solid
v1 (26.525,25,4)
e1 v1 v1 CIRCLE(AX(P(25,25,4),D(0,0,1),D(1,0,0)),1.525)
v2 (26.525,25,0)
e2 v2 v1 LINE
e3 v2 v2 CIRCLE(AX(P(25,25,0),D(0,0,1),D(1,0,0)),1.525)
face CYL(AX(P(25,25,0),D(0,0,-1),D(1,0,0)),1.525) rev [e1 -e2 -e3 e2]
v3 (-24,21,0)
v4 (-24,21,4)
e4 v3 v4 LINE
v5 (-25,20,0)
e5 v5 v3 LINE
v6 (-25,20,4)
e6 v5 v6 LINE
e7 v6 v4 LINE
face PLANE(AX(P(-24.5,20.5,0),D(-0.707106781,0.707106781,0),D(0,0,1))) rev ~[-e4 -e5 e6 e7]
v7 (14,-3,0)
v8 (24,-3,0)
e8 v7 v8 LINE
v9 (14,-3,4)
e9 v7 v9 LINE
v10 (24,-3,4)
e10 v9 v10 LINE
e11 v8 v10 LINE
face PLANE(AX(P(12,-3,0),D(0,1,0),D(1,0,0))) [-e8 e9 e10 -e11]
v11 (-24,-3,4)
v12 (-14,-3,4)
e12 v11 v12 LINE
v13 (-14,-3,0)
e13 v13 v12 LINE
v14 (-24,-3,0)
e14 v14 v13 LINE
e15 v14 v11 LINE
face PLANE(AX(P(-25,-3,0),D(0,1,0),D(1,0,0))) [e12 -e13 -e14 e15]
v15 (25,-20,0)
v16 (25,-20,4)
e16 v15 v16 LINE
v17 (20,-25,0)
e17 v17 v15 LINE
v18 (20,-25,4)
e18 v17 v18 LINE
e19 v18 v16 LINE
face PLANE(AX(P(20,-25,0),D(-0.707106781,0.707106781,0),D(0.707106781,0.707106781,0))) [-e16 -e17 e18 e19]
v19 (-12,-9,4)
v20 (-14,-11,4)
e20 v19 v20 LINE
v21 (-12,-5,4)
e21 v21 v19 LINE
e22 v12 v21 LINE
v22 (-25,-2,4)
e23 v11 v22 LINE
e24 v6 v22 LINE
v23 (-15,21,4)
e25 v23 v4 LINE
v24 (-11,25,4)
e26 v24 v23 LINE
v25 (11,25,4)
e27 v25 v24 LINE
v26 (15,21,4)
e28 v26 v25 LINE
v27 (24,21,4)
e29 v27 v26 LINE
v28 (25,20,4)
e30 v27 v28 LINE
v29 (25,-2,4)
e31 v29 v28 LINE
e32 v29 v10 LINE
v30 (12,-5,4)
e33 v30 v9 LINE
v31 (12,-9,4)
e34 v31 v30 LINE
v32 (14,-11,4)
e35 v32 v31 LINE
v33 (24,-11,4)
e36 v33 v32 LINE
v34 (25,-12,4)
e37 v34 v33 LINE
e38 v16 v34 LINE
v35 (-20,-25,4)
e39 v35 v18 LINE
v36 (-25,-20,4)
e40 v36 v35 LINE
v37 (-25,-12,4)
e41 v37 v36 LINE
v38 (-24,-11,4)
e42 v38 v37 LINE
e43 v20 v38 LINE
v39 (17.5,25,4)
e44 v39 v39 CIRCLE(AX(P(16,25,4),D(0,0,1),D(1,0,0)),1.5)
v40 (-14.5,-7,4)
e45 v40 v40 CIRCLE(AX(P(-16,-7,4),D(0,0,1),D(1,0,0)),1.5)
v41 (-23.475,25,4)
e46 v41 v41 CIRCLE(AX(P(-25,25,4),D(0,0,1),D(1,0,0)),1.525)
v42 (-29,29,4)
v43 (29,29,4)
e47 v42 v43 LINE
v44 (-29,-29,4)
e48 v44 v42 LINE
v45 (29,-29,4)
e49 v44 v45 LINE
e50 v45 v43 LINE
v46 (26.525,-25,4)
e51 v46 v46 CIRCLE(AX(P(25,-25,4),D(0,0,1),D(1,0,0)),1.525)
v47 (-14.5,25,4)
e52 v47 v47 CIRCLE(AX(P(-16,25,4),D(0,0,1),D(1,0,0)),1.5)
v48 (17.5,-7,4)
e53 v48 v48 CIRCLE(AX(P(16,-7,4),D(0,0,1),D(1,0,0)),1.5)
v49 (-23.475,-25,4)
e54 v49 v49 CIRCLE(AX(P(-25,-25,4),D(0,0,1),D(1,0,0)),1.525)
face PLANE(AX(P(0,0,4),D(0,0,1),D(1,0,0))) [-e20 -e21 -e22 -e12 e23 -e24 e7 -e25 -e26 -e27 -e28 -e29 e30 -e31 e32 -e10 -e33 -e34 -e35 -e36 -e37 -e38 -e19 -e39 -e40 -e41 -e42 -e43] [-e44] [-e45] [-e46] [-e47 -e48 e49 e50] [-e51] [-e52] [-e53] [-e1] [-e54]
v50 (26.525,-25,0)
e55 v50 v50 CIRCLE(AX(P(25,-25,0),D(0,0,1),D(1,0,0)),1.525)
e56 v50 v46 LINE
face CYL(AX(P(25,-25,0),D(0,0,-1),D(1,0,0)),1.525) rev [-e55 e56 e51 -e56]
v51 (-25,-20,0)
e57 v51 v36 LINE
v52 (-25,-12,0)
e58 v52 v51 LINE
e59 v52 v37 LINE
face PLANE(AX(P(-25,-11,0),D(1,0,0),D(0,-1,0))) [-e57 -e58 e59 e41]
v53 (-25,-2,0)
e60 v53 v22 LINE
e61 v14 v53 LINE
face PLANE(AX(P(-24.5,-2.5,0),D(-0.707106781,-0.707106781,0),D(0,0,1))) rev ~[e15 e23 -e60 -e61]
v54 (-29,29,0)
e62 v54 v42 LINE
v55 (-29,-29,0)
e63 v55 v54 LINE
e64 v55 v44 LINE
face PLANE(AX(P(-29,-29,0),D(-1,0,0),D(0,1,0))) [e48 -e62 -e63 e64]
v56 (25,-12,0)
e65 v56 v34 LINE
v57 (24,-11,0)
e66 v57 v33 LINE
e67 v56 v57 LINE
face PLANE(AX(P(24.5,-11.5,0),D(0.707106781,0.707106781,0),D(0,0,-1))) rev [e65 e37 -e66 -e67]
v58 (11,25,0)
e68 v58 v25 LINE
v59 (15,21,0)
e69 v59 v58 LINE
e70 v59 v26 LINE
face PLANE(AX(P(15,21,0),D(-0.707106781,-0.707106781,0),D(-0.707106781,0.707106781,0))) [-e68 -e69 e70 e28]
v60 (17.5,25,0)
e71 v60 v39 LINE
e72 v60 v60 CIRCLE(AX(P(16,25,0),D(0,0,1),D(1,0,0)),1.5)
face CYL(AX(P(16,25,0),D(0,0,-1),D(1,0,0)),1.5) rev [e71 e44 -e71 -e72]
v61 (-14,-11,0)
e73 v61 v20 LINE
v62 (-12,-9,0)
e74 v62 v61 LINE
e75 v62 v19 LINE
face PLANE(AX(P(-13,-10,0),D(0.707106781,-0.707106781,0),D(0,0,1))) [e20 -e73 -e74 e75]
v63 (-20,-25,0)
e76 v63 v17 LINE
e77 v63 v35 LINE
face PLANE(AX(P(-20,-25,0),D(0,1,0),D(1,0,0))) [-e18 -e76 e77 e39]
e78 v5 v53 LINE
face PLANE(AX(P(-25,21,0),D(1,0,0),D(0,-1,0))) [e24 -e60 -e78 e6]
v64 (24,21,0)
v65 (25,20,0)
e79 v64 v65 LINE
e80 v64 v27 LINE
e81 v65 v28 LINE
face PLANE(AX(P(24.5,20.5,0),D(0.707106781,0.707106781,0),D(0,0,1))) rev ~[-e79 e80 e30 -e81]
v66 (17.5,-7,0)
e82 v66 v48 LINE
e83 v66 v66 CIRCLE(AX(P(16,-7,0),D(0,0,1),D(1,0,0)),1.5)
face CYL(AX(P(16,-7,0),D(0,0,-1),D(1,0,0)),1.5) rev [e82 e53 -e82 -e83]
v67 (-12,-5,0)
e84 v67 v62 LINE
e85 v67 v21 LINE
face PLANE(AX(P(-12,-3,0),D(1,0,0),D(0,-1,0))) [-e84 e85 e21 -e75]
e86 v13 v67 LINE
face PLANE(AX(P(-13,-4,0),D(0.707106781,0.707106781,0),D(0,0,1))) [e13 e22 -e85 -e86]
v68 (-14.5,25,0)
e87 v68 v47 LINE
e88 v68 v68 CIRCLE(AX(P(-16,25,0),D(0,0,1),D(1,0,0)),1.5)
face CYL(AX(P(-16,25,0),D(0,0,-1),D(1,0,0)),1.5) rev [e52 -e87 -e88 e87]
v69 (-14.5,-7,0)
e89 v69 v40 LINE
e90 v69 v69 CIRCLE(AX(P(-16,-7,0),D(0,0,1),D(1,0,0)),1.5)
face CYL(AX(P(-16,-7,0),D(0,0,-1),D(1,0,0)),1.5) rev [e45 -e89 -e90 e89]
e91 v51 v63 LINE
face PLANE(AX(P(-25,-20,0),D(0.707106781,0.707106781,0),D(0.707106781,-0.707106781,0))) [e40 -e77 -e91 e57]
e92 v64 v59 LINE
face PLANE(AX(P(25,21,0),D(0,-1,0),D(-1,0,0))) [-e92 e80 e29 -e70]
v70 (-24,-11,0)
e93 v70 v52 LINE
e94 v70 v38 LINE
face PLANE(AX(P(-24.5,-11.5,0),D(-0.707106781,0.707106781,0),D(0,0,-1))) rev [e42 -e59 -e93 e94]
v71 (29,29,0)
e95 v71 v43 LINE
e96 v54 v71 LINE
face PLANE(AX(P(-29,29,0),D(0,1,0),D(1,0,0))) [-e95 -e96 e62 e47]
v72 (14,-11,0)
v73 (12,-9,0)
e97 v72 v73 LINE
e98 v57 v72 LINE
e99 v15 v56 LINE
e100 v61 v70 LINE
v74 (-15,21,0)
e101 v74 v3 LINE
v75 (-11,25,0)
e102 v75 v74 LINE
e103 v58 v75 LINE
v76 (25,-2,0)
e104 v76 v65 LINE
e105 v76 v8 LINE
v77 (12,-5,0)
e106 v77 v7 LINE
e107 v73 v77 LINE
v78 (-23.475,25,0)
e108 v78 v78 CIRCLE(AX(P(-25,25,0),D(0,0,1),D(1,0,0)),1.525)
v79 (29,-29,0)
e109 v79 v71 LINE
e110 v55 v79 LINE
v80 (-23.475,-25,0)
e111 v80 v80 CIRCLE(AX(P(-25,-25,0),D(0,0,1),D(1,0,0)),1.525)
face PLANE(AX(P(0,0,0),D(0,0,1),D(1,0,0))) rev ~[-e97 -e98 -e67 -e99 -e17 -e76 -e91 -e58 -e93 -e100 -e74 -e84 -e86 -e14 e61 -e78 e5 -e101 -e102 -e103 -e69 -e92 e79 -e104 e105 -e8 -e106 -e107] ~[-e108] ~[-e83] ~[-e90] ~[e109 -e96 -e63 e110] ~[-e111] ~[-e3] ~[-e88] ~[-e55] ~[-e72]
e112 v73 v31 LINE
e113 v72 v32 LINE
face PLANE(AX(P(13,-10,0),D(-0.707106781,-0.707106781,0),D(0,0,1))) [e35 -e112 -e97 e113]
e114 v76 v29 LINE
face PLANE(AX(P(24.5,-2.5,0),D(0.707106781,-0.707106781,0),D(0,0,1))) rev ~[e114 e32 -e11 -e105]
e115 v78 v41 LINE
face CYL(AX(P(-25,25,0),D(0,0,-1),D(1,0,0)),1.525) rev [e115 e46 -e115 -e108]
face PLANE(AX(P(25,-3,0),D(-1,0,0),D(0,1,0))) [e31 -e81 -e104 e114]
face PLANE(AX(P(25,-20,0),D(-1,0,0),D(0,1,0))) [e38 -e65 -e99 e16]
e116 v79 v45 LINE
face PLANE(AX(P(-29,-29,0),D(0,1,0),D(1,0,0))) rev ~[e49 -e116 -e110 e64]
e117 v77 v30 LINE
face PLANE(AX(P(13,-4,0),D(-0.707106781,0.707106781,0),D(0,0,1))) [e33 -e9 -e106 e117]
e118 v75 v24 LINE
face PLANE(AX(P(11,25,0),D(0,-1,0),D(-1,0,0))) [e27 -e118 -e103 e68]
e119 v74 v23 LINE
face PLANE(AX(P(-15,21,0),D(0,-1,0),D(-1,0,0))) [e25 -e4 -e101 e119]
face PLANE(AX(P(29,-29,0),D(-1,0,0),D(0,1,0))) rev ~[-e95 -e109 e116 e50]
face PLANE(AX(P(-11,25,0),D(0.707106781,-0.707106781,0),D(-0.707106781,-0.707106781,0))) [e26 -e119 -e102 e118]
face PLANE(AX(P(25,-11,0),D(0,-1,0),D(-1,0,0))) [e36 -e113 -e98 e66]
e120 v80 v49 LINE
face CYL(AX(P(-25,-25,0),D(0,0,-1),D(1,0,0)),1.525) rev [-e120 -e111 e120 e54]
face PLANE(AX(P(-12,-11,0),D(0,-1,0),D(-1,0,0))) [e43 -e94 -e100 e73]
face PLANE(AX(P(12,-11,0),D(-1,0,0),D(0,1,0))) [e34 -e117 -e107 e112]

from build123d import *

# Parameters (mm, degrees)
SKETCH009_W     = 58
SKETCH009_H     = 58
SKETCH009_R     = 1.525
SKETCH009_R_2   = 1.5
PAD005_DEPTH    = 4
CHAMFER_SIZE    = 2
CHAMFER001_SIZE = 1


with BuildPart() as part:
    # Sketch009 → Pad005 (new body)
    with BuildSketch(Plane.XY):
        Rectangle(SKETCH009_W, SKETCH009_H)
        with Locations((-25, 25)):
            Circle(SKETCH009_R, mode=Mode.SUBTRACT)
        with Locations((25, 25)):
            Circle(SKETCH009_R, mode=Mode.SUBTRACT)
        with Locations((25, -25)):
            Circle(SKETCH009_R, mode=Mode.SUBTRACT)
        with Locations((-25, -25)):
            Circle(SKETCH009_R, mode=Mode.SUBTRACT)
        with Locations((-16, 25)):
            Circle(SKETCH009_R_2, mode=Mode.SUBTRACT)
        with Locations((16, 25)):
            Circle(SKETCH009_R_2, mode=Mode.SUBTRACT)
        with Locations((-16, -7)):
            Circle(SKETCH009_R_2, mode=Mode.SUBTRACT)
        with Locations((16, -7)):
            Circle(SKETCH009_R_2, mode=Mode.SUBTRACT)
        Polygon((-25, -3), (-12, -3), (-12, -11), (-25, -11), (-25, -20), (-20, -25), (20, -25), (25, -20), (25, -11), (12, -11), (12, -3), (25, -3), (25, 21), (15, 21), (11, 25), (-11, 25), (-15, 21), (-25, 21), align=None, mode=Mode.SUBTRACT)
    extrude(amount=PAD005_DEPTH)

    # Chamfer
    chamfer_edges = [part.edges().sort_by_distance(p)[0] for p in [
        (-12, -3, 2),
        (-12, -11, 2),
        (12, -11, 2),
        (12, -3, 2),
    ]]
    chamfer(chamfer_edges, length=CHAMFER_SIZE)

    # Chamfer001
    chamfer001_edges = [part.edges().sort_by_distance(p)[0] for p in [
        (-25, -3, 2),
        (-25, 21, 2),
        (25, 21, 2),
        (25, -3, 2),
        (-25, -11, 2),
        (25, -11, 2),
    ]]
    chamfer(chamfer001_edges, length=CHAMFER001_SIZE)


solid = part.part
